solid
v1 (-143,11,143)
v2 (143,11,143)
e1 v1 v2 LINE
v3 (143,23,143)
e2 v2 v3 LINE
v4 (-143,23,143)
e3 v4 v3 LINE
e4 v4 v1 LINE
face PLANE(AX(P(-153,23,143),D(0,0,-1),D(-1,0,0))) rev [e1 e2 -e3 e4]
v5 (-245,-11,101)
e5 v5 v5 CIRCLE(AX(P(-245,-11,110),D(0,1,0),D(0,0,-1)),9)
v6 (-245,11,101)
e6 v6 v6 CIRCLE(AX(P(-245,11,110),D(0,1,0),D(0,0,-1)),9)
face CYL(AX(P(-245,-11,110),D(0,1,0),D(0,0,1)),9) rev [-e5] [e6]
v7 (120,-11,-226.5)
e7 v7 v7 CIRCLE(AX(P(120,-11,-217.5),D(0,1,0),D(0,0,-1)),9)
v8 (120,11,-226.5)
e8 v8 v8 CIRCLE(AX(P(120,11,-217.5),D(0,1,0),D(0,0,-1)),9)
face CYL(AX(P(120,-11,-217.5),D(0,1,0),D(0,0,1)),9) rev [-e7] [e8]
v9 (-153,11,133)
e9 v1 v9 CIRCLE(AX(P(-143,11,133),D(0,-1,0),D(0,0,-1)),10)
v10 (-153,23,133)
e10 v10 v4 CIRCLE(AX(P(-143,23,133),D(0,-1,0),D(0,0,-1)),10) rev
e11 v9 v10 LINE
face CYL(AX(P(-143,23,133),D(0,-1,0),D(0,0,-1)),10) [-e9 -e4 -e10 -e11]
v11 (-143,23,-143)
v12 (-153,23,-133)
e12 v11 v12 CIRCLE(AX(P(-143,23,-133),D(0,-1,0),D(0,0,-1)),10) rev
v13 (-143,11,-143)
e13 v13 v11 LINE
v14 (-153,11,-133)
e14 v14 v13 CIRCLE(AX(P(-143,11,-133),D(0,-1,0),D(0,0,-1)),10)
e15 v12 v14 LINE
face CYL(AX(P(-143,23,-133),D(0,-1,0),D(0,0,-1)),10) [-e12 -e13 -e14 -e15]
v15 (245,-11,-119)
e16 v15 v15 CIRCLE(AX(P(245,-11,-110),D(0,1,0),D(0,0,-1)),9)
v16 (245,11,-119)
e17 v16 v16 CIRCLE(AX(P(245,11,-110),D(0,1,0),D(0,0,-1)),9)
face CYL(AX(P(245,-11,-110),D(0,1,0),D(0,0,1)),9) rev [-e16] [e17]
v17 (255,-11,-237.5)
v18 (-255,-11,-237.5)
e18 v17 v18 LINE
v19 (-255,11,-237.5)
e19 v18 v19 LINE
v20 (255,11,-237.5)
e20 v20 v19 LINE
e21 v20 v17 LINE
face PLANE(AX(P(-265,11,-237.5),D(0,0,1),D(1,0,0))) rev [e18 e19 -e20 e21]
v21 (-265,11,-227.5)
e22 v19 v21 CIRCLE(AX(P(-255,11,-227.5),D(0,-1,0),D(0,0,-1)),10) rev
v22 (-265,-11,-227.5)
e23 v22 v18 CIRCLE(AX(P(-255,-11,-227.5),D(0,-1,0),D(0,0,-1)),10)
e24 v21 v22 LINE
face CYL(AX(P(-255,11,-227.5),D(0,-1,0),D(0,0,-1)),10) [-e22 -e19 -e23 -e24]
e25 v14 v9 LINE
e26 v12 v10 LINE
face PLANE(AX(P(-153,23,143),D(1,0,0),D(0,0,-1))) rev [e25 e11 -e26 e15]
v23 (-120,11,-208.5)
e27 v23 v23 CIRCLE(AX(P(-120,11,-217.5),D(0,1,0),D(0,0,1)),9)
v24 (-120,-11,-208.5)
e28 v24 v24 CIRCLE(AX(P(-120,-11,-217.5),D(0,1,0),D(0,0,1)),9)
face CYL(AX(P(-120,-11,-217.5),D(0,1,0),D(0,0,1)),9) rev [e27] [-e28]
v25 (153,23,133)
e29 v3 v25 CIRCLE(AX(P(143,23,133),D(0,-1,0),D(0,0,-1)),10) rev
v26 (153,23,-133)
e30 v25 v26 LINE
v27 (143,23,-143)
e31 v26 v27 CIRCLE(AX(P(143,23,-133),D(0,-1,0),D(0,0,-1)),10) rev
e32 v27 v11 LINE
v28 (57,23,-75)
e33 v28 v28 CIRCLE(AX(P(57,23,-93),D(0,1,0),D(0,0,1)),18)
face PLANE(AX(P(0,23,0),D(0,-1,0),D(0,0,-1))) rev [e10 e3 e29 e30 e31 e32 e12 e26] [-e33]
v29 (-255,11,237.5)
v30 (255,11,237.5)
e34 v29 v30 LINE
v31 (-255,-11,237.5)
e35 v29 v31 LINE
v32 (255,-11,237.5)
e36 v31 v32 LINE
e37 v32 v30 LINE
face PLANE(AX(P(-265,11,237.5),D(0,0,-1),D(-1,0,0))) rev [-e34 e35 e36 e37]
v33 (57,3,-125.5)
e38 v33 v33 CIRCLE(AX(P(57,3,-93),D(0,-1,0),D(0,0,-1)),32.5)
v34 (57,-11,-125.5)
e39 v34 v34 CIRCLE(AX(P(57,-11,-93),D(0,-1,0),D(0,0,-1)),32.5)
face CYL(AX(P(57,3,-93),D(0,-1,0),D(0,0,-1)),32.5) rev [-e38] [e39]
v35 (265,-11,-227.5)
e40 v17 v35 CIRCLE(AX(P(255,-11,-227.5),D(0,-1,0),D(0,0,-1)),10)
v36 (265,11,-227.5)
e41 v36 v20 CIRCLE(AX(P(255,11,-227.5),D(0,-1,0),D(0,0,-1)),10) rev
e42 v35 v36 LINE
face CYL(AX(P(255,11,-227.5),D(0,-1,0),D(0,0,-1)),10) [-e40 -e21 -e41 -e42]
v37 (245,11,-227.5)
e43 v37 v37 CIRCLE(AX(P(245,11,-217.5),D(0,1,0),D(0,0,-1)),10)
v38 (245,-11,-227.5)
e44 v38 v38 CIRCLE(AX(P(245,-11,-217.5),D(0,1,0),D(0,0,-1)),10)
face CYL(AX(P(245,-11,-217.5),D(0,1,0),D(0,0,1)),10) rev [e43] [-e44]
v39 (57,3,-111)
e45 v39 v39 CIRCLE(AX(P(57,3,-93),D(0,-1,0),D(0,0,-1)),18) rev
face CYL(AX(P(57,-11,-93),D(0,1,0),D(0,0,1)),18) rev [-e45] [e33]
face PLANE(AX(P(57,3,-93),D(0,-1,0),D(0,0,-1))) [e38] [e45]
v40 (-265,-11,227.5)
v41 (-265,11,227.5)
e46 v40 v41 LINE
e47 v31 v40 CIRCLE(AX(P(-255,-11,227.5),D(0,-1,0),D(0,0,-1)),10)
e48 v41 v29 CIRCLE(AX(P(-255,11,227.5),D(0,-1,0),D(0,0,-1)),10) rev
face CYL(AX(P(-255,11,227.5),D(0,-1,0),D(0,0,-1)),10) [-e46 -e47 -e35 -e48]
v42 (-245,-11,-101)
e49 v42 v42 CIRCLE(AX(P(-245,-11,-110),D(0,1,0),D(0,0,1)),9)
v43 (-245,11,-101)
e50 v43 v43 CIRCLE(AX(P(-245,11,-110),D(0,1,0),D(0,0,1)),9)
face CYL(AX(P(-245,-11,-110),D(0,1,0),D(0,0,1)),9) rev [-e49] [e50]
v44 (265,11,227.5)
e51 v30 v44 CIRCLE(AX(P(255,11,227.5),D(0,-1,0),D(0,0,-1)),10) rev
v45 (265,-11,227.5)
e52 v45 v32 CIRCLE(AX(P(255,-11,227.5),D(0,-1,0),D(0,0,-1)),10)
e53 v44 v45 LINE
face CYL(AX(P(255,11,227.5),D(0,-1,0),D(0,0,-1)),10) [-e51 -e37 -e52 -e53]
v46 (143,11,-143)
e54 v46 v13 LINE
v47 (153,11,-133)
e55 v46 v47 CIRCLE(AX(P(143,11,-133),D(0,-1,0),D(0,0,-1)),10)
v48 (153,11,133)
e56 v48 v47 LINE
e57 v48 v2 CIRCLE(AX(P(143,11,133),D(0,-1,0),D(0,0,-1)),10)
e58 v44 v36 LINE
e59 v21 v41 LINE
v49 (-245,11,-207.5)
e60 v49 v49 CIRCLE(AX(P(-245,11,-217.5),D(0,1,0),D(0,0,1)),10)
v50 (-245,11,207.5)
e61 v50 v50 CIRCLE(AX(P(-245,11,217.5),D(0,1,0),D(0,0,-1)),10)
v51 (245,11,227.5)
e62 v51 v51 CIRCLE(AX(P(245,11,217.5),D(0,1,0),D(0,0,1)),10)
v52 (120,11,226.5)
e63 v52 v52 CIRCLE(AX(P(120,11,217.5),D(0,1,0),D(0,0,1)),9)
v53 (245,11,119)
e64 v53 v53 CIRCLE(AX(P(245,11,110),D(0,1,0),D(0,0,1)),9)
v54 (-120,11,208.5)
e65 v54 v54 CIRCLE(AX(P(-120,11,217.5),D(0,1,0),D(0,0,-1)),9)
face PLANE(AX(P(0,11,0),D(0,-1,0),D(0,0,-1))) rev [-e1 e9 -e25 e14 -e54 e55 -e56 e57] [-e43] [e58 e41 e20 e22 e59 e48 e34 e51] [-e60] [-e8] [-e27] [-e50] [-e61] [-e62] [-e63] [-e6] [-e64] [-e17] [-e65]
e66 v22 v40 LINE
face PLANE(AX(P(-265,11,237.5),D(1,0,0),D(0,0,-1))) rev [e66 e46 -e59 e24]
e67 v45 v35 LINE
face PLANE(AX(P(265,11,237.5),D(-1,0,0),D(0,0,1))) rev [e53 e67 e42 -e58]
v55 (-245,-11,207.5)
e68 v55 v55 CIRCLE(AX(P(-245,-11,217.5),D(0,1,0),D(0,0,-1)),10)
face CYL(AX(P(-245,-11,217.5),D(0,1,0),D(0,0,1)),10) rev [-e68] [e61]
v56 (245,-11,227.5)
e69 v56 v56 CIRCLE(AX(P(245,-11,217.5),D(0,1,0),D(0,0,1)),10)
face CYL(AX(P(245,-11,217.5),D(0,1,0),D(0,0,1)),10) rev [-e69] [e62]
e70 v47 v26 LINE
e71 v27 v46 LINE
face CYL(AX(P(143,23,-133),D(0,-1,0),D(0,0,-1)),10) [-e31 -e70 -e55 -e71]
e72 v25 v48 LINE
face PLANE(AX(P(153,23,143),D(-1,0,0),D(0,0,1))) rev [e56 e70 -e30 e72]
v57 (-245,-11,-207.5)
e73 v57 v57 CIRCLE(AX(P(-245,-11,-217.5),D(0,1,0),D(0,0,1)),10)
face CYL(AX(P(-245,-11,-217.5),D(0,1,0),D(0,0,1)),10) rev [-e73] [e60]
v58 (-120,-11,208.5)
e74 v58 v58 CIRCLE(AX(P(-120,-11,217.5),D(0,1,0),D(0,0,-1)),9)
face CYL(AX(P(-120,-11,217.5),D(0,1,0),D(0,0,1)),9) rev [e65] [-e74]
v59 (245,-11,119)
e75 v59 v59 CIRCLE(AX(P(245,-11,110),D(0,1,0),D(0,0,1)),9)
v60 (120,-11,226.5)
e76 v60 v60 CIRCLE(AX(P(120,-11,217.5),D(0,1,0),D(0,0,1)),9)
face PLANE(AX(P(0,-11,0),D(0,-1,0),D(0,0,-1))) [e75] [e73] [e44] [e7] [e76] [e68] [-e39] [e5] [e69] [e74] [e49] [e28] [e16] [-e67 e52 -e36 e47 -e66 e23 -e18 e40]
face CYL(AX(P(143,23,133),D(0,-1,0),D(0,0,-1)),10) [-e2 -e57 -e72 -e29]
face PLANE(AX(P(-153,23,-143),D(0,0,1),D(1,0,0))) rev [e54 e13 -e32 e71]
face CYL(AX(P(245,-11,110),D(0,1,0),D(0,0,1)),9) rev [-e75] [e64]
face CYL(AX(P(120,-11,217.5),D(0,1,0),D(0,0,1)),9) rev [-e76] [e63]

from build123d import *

# Parameters (mm, degrees)
SKETCH1_W           = 530
SKETCH1_H           = 475
BOSS_EXTRUDE1_DEPTH = 11
SKETCH2_W           = 306
SKETCH2_H           = 286
BOSS_EXTRUDE2_DEPTH = 12
SKETCH3_R           = 10
SKETCH3_R_2         = 9
CUT_EXTRUDE1_DEPTH  = 357.532256605
SKETCH4_R           = 18
CUT_EXTRUDE2_DEPTH  = 358.473425586
SKETCH5_R           = 32.5
CUT_EXTRUDE3_DEPTH  = 14
FILLET1_R           = 10


with BuildPart() as part:
    # Sketch1 → Boss-Extrude1 (new, symmetric)
    with BuildSketch(Plane(origin=(0, 0, 0), x_dir=(1, 0, 0), z_dir=(0, 1, 0))):
        Rectangle(SKETCH1_W, SKETCH1_H)
    extrude(amount=BOSS_EXTRUDE1_DEPTH, both=True)

    # Sketch2 → Boss-Extrude2 (add)
    with BuildSketch(Plane(origin=(0, 11, 0), x_dir=(1, 0, 0), z_dir=(0, 1, 0))):
        Rectangle(SKETCH2_W, SKETCH2_H)
    extrude(amount=BOSS_EXTRUDE2_DEPTH)

    # Sketch3 → Cut-Extrude1 (cut, through all)
    with BuildSketch(Plane(origin=(0, 11, 0), x_dir=(1, 0, 0), z_dir=(0, 1, 0))):
        with Locations(Location((-245, 217.5, 0), (0, 0, 270))):
            Circle(SKETCH3_R)
        with Locations(Location((-120, 217.5, 0), (0, 0, 270))):
            Circle(SKETCH3_R_2)
        with Locations(Location((-245, 110, 0), (0, 0, 270))):
            Circle(SKETCH3_R_2)
        with Locations(Location((120, 217.5, 0), (0, 0, 90))):
            Circle(SKETCH3_R_2)
        with Locations(Location((245, 217.5, 0), (0, 0, 90))):
            Circle(SKETCH3_R)
        with Locations(Location((245, 110, 0), (0, 0, 90))):
            Circle(SKETCH3_R_2)
        with Locations(Location((245, -110, 0), (0, 0, 270))):
            Circle(SKETCH3_R_2)
        with Locations(Location((245, -217.5, 0), (0, 0, 270))):
            Circle(SKETCH3_R)
        with Locations(Location((120, -217.5, 0), (0, 0, 270))):
            Circle(SKETCH3_R_2)
        with Locations(Location((-120, -217.5, 0), (0, 0, 90))):
            Circle(SKETCH3_R_2)
        with Locations(Location((-245, -110, 0), (0, 0, 90))):
            Circle(SKETCH3_R_2)
        with Locations(Location((-245, -217.5, 0), (0, 0, 90))):
            Circle(SKETCH3_R)
    extrude(amount=-CUT_EXTRUDE1_DEPTH, mode=Mode.SUBTRACT)

    # Sketch4 → Cut-Extrude2 (cut, through all)
    with BuildSketch(Plane(origin=(0, 23, 0), x_dir=(1, 0, 0), z_dir=(0, 1, 0))):
        with Locations(Location((57, 93, 0), (0, 0, 270))):
            Circle(SKETCH4_R)
    extrude(amount=-CUT_EXTRUDE2_DEPTH, mode=Mode.SUBTRACT)

    # Sketch5 → Cut-Extrude3 (cut)
    with BuildSketch(Plane.XZ.offset(11)):
        with Locations(Location((57, -93, 0), (0, 0, 270))):
            Circle(SKETCH5_R)
    extrude(amount=-CUT_EXTRUDE3_DEPTH, mode=Mode.SUBTRACT)

    # Fillet1
    fillet1_edges = [part.edges().sort_by_distance(p)[0] for p in [
        (153, 17, 143),
        (153, 17, -143),
        (-153, 17, -143),
        (-153, 17, 143),
        (265, 0, 237.5),
        (-265, 0, 237.5),
        (-265, 0, -237.5),
        (265, 0, -237.5),
    ]]
    fillet(fillet1_edges, radius=FILLET1_R)


solid = part.part
